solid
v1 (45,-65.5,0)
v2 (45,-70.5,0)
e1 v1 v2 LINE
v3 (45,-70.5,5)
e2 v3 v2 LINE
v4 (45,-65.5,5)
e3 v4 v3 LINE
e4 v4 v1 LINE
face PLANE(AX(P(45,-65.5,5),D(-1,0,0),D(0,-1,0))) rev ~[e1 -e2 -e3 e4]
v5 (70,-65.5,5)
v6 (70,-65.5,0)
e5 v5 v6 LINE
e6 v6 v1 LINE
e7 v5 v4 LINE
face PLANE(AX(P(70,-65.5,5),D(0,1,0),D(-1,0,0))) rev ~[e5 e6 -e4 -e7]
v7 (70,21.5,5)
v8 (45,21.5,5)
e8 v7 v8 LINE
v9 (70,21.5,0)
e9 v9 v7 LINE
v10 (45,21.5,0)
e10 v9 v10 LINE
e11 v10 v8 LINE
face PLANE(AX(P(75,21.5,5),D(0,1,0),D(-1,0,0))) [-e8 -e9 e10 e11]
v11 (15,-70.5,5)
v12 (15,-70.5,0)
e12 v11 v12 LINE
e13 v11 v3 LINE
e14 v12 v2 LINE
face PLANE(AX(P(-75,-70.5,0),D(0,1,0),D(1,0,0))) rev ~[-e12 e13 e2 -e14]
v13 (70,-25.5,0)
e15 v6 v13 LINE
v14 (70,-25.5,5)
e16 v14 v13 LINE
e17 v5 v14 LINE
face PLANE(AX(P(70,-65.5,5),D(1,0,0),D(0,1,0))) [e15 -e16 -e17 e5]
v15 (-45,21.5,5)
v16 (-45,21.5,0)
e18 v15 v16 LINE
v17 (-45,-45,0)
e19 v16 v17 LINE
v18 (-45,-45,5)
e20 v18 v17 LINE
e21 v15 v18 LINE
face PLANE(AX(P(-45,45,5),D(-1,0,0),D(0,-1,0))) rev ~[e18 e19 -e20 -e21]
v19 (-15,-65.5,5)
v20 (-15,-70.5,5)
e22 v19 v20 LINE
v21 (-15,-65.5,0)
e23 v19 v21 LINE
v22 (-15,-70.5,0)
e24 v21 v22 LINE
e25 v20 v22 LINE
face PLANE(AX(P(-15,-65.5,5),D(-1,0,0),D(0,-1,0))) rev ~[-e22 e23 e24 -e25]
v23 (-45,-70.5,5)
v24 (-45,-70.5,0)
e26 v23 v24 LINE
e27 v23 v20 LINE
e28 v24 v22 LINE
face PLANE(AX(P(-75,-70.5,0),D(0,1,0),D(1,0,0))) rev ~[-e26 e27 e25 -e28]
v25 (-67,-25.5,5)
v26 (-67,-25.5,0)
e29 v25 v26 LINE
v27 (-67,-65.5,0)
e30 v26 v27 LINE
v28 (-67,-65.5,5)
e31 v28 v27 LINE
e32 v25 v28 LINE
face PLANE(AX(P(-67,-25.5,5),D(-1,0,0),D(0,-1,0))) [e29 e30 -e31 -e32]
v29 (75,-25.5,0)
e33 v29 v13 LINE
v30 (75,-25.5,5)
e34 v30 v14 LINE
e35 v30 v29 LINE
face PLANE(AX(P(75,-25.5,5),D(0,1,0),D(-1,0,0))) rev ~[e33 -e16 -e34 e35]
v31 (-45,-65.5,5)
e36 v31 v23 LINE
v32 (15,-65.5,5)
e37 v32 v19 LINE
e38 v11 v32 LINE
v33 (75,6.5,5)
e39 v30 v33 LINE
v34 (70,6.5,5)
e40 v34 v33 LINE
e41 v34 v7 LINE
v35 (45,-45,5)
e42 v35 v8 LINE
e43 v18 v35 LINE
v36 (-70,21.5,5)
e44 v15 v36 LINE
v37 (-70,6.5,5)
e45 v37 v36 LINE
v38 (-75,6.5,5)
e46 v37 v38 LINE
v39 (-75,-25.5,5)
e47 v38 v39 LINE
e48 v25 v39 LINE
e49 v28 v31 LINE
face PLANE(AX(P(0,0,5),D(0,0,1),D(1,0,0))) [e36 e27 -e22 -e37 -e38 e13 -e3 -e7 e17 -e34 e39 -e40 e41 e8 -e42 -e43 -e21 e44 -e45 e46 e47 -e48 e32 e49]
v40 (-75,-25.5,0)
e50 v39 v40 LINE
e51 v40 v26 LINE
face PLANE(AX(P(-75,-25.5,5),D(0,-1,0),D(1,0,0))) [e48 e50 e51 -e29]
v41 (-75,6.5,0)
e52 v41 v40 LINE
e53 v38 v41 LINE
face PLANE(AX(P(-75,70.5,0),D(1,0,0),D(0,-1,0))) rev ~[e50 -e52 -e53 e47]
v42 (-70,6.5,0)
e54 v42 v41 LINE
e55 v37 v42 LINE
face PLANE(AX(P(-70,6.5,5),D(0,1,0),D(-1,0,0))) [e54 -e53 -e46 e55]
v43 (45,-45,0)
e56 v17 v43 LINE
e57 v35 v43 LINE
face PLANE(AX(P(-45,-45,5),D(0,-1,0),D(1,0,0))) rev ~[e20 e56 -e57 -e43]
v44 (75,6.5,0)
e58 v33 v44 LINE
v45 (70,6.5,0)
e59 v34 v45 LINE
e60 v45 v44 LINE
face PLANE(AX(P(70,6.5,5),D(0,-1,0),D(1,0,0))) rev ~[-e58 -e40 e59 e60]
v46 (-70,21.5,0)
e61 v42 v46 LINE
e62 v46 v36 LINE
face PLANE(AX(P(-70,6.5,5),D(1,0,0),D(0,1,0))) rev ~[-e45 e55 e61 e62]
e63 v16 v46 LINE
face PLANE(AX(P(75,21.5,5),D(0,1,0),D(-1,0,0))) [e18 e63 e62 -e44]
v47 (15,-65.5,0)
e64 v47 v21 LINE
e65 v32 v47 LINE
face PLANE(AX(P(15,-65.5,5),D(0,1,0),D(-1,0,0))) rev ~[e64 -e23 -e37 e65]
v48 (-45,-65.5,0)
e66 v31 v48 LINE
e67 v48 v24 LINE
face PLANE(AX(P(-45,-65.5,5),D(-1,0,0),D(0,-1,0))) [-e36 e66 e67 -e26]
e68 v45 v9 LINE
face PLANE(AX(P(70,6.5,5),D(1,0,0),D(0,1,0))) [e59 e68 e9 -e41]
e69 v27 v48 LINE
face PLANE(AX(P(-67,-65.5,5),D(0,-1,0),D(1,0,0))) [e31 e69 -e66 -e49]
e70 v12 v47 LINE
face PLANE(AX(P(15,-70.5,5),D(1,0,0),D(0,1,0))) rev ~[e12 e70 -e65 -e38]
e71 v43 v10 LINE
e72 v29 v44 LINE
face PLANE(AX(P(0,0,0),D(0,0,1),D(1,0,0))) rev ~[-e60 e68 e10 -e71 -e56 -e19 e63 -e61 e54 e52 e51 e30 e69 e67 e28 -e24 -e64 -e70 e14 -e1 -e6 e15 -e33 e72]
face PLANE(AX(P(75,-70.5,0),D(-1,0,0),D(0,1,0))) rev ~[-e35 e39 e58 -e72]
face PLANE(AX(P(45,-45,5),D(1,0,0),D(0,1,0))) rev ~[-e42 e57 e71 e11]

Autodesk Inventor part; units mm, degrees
ref_plane "YZ Plane" through (0, 0, 0) normal (1, 0, 0) x (0, 1, 0)
ref_plane "XZ Plane" through (0, 0, 0) normal (0, 1, 0) x (-1, 0, 0)
ref_plane "XY Plane" through (0, 0, 0) normal (0, 0, 1) x (1, 0, 0)
sketch "Sketch1" plane through (0, 0, 0) normal (0, 0, 1) x (1, 0, 0)
  line L0 (0, 2.8582) -> (0, -2.8582) construction
  line L1 (-5.7775, 0) -> (5.7775, 0) construction
  line L2 (-75, -70.5) -> (75, -70.5)
  line L3 (75, -70.5) -> (75, 70.5)
  line L4 (75, 70.5) -> (-75, 70.5)
  line L5 (-75, 70.5) -> (-75, -70.5)
  line L6 (-75, -70.5) -> (75, 70.5) construction
  line L7 (75, -70.5) -> (-75, 70.5) construction
  point P0 (0, 0)
  point P1 (0, 0)
  dimension "d0" = 150
  dimension "d1" = 141
extrude "Extrusion1" add sketch "Sketch1" along normal blind 5
sketch "Sketch2" plane through (0, 0, 5) normal (0, 0, 1) x (1, 0, 0)
  line L0 (-75, -70.5) -> (75, -70.5) projected
  line L1 (0, -70.5) -> (-15, -70.5)
  line L2 (-15, -70.5) -> (15, -70.5)
  line L3 (15, -70.5) -> (45, -70.5)
  line L4 (-15, -70.5) -> (-45, -70.5)
  line L5 (-15, -70.5) -> (15, -70.5)
  line L6 (15, -70.5) -> (15, -65.5)
  line L7 (15, -65.5) -> (-15, -65.5)
  line L8 (-15, -65.5) -> (-15, -70.5)
  line L9 (75, -70.5) -> (75, 70.5) projected
  line L10 (45, -70.5) -> (75, -70.5)
  line L11 (75, -70.5) -> (75, -65.5)
  line L12 (75, -65.5) -> (45, -65.5)
  line L13 (45, -65.5) -> (45, -70.5)
  line L14 (-75, 70.5) -> (-75, -70.5) projected
  line L15 (-45, -70.5) -> (-75, -70.5)
  line L16 (-75, -70.5) -> (-75, -65.5)
  line L17 (-75, -65.5) -> (-45, -65.5)
  line L18 (-45, -65.5) -> (-45, -70.5)
  line L19 (75, -70.5) -> (75, -55.5)
  line L20 (75, -55.5) -> (75, -25.5)
  line L21 (75, -25.5) -> (75, 4.5)
  line L22 (75, 4.5) -> (75, 34.5)
  line L23 (75, 34.5) -> (75, 64.5)
  line L24 (75, -25.5) -> (70, -25.5)
  line L25 (70, -25.5) -> (70, 6.5)
  line L26 (70, 6.5) -> (75, 6.5)
  line L27 (75, 6.5) -> (75, -25.5)
  line L28 (75, 70.5) -> (-75, 70.5) projected
  line L29 (75, 34.5) -> (70, 34.5)
  line L30 (70, 34.5) -> (70, 70.5)
  line L31 (70, 70.5) -> (75, 70.5)
  line L32 (75, 70.5) -> (75, 34.5)
  line L33 (-75, -25.5) -> (-70, -25.5)
  line L34 (-70, -25.5) -> (-70, 6.5)
  line L35 (-70, 6.5) -> (-75, 6.5)
  line L36 (-75, 6.5) -> (-75, -25.5)
  line L37 (-75, 34.5) -> (-70, 34.5)
  line L38 (-70, 34.5) -> (-70, 70.5)
  line L39 (-70, 70.5) -> (-75, 70.5)
  line L40 (-75, 70.5) -> (-75, 34.5)
  line L41 (0, 70.5) -> (-15, 70.5)
  line L42 (-15, 70.5) -> (15, 70.5)
  line L43 (15, 70.5) -> (45, 70.5)
  line L44 (-15, 70.5) -> (-45, 70.5)
  line L45 (-75, 70.5) -> (-45, 70.5)
  line L46 (-45, 70.5) -> (-45, 65.5)
  line L47 (-45, 65.5) -> (-75, 65.5)
  line L48 (-75, 65.5) -> (-75, 70.5)
  line L49 (-15, 70.5) -> (15, 70.5)
  line L50 (15, 70.5) -> (15, 65.5)
  line L51 (15, 65.5) -> (-15, 65.5)
  line L52 (-15, 65.5) -> (-15, 70.5)
  line L53 (45, 70.5) -> (75, 70.5)
  line L54 (75, 70.5) -> (75, 65.5)
  line L55 (75, 65.5) -> (45, 65.5)
  line L56 (45, 65.5) -> (45, 70.5)
  line L57 (-75, -25.5) -> (-67, -25.5)
  line L58 (-67, -25.5) -> (-67, -70.5)
  line L59 (-67, -70.5) -> (-75, -70.5)
  line L60 (-75, -70.5) -> (-75, -25.5)
  line L61 (-75, 6.5) -> (-70, 6.5)
  line L62 (-70, 6.5) -> (-70, 34.5)
  line L63 (-70, 34.5) -> (-75, 34.5)
  line L64 (-75, 34.5) -> (-75, 6.5)
  line L65 (70, 34.5) -> (75, 34.5)
  line L66 (75, 34.5) -> (75, 6.5)
  line L67 (75, 6.5) -> (70, 6.5)
  line L68 (70, 6.5) -> (70, 34.5)
  line L69 (70, -25.5) -> (75, -25.5)
  line L70 (75, -25.5) -> (75, -70.5)
  line L71 (75, -70.5) -> (70, -70.5)
  line L72 (70, -70.5) -> (70, -25.5)
  point P0 (0, 0)
  point P1 (-70, 70.5)
  point P2 (70, 65.5)
  point P3 (-70, 65.5)
  point P4 (70, 6.5)
  point P5 (-67, -65.5)
  point P6 (70, -65.5)
  dimension "d4" = 15
  dimension "d5" = 30
  dimension "d6" = 30
  dimension "d7" = 30
  dimension "d8" = 30
  dimension "d9" = 5
  dimension "d10" = 15
  dimension "d11" = 30
  dimension "d12" = 30
  dimension "d13" = 30
  dimension "d14" = 30
  dimension "d15" = 5
  dimension "d16" = 5
  dimension "d17" = 5
  dimension "d24" = 15
  dimension "d25" = 30
  dimension "d26" = 30
  dimension "d27" = 30
  dimension "d28" = 5
extrude "Extrusion2" cut sketch "Sketch2" against normal blind 8 contours L14 L17 L58 L0 | L58 L17 L18 L0 | L14 L33 L57 L58 L17 | L8 L7 L6 L0 | L14 L37 L62 L35 | L14 L28 L38 L47 | L13 L12 L72 L0 | L38 L28 L46 L47 | L72 L12 L9 L0 | L72 L24 L9 L12 | L28 L50 L51 L52 | L68 L29 L9 L26 | L55 L56 L28 L30 | L30 L28 L9 L55
sketch "Sketch3" plane through (0, 0, 5) normal (0, 0, 1) x (1, 0, 0)
  line L0 (-45, -45) -> (45, -45)
  line L1 (45, -45) -> (45, 45)
  line L2 (45, 45) -> (-45, 45)
  line L3 (-45, 45) -> (-45, -45)
  line L4 (-45, -45) -> (45, 45) construction
  line L5 (45, -45) -> (-45, 45) construction
  point P0 (0, 0)
  dimension "d20" = 90
  dimension "d21" = 90
extrude "Extrusion3" cut sketch "Sketch3" against normal blind 8
sketch "Sketch4" plane through (0, 0, 5) normal (0, 0, 1) x (1, 0, 0)
  line L0 (75, 34.5) -> (75, 65.5) projected
  line L1 (75, 65.5) -> (75, 21.5)
  line L2 (75, 21.5) -> (-125.9097, 21.5)
  line L3 (-125.9097, 21.5) -> (-125.9097, 76.2896)
  line L4 (-125.9097, 76.2896) -> (75, 76.2896)
  line L5 (75, 76.2896) -> (75, 21.5)
  point P0 (0, 0)
  dimension "d29" = 44
extrude "Extrusion4" cut sketch "Sketch4" against normal blind 15
properties part number "Plaat achter" material "S235"
